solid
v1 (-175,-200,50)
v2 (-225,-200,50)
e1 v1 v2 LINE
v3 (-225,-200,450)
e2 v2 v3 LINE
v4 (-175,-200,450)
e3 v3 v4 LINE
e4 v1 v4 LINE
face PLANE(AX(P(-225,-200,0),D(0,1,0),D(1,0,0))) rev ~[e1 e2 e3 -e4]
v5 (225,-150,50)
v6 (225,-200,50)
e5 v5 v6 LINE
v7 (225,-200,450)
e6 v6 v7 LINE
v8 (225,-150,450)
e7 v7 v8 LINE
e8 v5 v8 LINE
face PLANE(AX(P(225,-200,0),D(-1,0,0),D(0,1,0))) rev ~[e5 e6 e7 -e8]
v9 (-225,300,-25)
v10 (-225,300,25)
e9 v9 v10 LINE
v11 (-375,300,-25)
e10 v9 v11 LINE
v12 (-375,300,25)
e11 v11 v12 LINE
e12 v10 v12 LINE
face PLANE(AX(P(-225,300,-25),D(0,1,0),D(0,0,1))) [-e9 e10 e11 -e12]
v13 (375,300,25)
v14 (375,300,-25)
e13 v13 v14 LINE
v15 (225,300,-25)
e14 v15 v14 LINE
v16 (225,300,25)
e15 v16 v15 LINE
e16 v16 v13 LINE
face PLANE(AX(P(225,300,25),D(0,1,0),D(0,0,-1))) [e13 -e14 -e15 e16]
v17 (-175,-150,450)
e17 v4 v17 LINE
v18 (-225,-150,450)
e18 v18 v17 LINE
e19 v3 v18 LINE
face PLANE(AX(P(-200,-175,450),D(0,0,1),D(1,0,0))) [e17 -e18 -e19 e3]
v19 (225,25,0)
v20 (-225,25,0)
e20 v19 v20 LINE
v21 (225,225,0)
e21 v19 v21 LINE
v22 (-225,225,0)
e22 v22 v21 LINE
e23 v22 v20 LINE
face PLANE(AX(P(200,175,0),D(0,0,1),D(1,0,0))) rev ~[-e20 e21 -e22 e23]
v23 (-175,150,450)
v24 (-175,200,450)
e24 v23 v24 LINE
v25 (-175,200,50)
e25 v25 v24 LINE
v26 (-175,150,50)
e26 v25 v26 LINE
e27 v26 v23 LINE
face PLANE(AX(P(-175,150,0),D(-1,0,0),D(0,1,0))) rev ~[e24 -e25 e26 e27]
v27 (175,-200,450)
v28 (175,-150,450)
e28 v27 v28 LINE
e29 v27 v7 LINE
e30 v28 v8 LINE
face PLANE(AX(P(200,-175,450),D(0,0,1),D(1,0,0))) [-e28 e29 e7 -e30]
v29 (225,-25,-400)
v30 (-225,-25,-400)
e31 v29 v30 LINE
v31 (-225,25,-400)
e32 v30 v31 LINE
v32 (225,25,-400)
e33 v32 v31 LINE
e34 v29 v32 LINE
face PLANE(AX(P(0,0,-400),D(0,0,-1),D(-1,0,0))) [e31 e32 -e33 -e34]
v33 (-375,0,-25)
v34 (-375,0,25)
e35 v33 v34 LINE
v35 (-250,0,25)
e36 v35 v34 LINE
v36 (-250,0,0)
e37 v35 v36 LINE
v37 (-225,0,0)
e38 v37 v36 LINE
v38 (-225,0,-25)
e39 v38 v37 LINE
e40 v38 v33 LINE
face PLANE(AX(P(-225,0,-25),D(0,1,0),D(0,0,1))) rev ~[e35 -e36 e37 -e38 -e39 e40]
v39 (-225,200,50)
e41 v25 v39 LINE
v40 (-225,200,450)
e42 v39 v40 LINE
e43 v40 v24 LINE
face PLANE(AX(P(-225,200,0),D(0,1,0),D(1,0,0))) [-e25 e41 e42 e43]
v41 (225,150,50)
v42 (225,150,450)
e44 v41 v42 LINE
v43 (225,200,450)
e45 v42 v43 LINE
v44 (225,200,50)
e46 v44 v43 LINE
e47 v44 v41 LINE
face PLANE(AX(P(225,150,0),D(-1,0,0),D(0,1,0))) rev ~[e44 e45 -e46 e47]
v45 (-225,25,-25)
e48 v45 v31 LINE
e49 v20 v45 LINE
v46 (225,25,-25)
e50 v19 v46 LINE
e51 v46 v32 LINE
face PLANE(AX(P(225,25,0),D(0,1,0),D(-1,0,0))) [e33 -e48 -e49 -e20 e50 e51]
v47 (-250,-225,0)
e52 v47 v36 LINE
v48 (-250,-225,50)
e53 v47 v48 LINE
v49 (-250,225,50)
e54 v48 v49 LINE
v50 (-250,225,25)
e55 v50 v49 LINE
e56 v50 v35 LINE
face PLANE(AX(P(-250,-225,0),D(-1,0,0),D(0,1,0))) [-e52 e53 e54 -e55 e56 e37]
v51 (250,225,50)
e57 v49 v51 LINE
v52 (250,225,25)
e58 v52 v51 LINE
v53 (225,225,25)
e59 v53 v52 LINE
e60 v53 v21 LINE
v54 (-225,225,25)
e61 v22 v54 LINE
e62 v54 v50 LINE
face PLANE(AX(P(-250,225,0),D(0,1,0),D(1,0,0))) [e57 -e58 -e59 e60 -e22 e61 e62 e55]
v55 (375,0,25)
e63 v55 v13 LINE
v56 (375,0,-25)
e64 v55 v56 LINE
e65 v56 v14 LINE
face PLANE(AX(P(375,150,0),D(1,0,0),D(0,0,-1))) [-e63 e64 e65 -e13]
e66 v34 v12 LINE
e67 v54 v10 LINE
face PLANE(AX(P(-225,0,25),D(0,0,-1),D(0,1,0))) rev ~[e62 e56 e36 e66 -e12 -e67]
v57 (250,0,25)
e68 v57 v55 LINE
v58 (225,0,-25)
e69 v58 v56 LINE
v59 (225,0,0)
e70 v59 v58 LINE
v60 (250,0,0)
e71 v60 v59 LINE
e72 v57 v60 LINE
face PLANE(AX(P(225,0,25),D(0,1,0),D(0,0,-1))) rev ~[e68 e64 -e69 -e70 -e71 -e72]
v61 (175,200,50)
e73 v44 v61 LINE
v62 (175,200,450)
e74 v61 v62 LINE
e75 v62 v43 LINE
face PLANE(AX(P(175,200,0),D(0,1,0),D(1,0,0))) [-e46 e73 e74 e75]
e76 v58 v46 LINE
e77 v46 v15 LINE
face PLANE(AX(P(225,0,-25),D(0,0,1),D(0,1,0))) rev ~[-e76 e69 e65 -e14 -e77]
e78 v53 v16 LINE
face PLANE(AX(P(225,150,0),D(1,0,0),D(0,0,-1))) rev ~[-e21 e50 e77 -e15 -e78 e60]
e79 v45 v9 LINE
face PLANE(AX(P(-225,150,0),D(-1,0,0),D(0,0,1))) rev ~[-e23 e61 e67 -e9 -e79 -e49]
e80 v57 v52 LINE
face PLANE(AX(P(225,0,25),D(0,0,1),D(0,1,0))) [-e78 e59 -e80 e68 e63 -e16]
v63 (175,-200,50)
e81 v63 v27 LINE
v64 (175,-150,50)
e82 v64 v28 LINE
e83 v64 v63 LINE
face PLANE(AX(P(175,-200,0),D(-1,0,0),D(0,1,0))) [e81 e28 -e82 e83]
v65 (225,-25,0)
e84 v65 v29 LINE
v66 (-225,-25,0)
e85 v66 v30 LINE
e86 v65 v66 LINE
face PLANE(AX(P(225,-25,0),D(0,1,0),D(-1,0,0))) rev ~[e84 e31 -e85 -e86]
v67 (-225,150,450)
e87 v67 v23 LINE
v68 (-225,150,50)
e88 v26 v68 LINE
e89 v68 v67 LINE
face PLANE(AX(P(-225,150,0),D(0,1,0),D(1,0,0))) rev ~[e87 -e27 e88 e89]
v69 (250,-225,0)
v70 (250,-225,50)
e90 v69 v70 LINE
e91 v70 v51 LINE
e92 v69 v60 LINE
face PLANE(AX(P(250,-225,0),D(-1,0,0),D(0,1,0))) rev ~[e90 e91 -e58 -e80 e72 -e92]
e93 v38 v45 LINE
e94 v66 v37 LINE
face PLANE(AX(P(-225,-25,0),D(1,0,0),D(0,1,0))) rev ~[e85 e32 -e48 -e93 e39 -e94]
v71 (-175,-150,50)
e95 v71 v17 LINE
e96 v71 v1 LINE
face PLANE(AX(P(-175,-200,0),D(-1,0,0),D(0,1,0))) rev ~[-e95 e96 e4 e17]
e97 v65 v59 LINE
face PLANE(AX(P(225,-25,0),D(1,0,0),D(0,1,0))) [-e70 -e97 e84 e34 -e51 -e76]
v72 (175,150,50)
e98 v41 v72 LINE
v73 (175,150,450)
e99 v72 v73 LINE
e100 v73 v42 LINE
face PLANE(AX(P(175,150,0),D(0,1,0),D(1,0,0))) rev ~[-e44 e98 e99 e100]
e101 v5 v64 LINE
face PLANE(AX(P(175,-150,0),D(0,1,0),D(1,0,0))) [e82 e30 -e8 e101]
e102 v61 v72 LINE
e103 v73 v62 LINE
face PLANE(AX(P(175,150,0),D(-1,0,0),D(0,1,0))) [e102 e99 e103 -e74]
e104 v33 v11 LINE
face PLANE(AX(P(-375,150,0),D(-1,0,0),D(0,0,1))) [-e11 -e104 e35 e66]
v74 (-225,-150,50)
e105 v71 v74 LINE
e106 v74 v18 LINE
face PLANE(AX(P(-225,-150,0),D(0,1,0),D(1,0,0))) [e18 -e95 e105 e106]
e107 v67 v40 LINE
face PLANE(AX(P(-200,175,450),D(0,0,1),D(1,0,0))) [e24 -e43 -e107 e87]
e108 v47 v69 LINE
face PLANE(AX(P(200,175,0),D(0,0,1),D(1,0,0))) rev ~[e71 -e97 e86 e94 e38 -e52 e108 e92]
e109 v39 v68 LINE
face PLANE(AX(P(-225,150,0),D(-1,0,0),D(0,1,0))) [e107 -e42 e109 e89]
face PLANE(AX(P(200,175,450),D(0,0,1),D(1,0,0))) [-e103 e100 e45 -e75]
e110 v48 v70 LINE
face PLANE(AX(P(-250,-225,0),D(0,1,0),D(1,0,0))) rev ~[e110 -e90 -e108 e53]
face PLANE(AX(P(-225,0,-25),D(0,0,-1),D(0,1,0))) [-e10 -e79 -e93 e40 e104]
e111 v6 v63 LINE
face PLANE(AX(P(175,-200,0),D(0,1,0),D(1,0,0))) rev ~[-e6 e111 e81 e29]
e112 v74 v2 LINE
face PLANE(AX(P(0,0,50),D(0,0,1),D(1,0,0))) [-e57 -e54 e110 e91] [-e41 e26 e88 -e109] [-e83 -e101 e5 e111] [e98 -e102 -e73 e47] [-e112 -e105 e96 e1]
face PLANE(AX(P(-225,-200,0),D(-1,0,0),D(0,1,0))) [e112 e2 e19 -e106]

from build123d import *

# Parameters (mm, degrees)
SKETCH_1_W      = 500
SKETCH_1_H      = 450
EXTRUDE_1_DEPTH = 50
SKETCH_2_W      = 50
SKETCH_2_H      = 50
EXTRUDE_2_DEPTH = 450
SKETCH_3_W      = 50
SKETCH_3_H      = 50
EXTRUDE_3_DEPTH = 450
SKETCH_4_W      = 50
SKETCH_4_H      = 50
EXTRUDE_4_DEPTH = 450
SKETCH_5_W      = 50
SKETCH_5_H      = 50
EXTRUDE_5_DEPTH = 450
SKETCH_6_W      = 450
SKETCH_6_H      = 50
EXTRUDE_6_DEPTH = 400
SKETCH_7_W      = 50
SKETCH_7_H      = 300
EXTRUDE_7_DEPTH = 150
SKETCH_8_W      = 50
SKETCH_8_H      = 300
EXTRUDE_8_DEPTH = 150


with BuildPart() as part:
    # 草图1 → 凸台-拉伸1 (new body)
    with BuildSketch(Plane.XY):
        Rectangle(SKETCH_1_W, SKETCH_1_H)
    extrude(amount=EXTRUDE_1_DEPTH)

    # 草图2 → 凸台-拉伸2 (add)
    with BuildSketch(Plane.XY):
        with Locations((-200, -175)):
            Rectangle(SKETCH_2_W, SKETCH_2_H)
    extrude(amount=EXTRUDE_2_DEPTH)

    # 草图3 → 凸台-拉伸3 (add)
    with BuildSketch(Plane.XY):
        with Locations((200, -175)):
            Rectangle(SKETCH_3_W, SKETCH_3_H)
    extrude(amount=EXTRUDE_3_DEPTH)

    # 草图4 → 凸台-拉伸4 (add)
    with BuildSketch(Plane.XY):
        with Locations((-200, 175)):
            Rectangle(SKETCH_4_W, SKETCH_4_H)
    extrude(amount=EXTRUDE_4_DEPTH)

    # 草图5 → 凸台-拉伸5 (add)
    with BuildSketch(Plane.XY):
        with Locations((200, 175)):
            Rectangle(SKETCH_5_W, SKETCH_5_H)
    extrude(amount=EXTRUDE_5_DEPTH)

    # 草图6 → 凸台-拉伸6 (add)
    with BuildSketch(Plane(origin=(0, 0, 0), x_dir=(-1, 0, 0), z_dir=(0, 0, -1))):
        Rectangle(SKETCH_6_W, SKETCH_6_H)
    extrude(amount=EXTRUDE_6_DEPTH)

    # 草图7 → 凸台-拉伸7 (add)
    with BuildSketch(Plane.ZY.offset(225)):
        with Locations((0, 150)):
            Rectangle(SKETCH_7_W, SKETCH_7_H)
    extrude(amount=EXTRUDE_7_DEPTH)

    # 草图8 → 凸台-拉伸8 (add)
    with BuildSketch(Plane(origin=(225, 0, 0), x_dir=(0, 0, -1), z_dir=(1, 0, 0))):
        with Locations((0, 150)):
            Rectangle(SKETCH_8_W, SKETCH_8_H)
    extrude(amount=EXTRUDE_8_DEPTH)


solid = part.part
